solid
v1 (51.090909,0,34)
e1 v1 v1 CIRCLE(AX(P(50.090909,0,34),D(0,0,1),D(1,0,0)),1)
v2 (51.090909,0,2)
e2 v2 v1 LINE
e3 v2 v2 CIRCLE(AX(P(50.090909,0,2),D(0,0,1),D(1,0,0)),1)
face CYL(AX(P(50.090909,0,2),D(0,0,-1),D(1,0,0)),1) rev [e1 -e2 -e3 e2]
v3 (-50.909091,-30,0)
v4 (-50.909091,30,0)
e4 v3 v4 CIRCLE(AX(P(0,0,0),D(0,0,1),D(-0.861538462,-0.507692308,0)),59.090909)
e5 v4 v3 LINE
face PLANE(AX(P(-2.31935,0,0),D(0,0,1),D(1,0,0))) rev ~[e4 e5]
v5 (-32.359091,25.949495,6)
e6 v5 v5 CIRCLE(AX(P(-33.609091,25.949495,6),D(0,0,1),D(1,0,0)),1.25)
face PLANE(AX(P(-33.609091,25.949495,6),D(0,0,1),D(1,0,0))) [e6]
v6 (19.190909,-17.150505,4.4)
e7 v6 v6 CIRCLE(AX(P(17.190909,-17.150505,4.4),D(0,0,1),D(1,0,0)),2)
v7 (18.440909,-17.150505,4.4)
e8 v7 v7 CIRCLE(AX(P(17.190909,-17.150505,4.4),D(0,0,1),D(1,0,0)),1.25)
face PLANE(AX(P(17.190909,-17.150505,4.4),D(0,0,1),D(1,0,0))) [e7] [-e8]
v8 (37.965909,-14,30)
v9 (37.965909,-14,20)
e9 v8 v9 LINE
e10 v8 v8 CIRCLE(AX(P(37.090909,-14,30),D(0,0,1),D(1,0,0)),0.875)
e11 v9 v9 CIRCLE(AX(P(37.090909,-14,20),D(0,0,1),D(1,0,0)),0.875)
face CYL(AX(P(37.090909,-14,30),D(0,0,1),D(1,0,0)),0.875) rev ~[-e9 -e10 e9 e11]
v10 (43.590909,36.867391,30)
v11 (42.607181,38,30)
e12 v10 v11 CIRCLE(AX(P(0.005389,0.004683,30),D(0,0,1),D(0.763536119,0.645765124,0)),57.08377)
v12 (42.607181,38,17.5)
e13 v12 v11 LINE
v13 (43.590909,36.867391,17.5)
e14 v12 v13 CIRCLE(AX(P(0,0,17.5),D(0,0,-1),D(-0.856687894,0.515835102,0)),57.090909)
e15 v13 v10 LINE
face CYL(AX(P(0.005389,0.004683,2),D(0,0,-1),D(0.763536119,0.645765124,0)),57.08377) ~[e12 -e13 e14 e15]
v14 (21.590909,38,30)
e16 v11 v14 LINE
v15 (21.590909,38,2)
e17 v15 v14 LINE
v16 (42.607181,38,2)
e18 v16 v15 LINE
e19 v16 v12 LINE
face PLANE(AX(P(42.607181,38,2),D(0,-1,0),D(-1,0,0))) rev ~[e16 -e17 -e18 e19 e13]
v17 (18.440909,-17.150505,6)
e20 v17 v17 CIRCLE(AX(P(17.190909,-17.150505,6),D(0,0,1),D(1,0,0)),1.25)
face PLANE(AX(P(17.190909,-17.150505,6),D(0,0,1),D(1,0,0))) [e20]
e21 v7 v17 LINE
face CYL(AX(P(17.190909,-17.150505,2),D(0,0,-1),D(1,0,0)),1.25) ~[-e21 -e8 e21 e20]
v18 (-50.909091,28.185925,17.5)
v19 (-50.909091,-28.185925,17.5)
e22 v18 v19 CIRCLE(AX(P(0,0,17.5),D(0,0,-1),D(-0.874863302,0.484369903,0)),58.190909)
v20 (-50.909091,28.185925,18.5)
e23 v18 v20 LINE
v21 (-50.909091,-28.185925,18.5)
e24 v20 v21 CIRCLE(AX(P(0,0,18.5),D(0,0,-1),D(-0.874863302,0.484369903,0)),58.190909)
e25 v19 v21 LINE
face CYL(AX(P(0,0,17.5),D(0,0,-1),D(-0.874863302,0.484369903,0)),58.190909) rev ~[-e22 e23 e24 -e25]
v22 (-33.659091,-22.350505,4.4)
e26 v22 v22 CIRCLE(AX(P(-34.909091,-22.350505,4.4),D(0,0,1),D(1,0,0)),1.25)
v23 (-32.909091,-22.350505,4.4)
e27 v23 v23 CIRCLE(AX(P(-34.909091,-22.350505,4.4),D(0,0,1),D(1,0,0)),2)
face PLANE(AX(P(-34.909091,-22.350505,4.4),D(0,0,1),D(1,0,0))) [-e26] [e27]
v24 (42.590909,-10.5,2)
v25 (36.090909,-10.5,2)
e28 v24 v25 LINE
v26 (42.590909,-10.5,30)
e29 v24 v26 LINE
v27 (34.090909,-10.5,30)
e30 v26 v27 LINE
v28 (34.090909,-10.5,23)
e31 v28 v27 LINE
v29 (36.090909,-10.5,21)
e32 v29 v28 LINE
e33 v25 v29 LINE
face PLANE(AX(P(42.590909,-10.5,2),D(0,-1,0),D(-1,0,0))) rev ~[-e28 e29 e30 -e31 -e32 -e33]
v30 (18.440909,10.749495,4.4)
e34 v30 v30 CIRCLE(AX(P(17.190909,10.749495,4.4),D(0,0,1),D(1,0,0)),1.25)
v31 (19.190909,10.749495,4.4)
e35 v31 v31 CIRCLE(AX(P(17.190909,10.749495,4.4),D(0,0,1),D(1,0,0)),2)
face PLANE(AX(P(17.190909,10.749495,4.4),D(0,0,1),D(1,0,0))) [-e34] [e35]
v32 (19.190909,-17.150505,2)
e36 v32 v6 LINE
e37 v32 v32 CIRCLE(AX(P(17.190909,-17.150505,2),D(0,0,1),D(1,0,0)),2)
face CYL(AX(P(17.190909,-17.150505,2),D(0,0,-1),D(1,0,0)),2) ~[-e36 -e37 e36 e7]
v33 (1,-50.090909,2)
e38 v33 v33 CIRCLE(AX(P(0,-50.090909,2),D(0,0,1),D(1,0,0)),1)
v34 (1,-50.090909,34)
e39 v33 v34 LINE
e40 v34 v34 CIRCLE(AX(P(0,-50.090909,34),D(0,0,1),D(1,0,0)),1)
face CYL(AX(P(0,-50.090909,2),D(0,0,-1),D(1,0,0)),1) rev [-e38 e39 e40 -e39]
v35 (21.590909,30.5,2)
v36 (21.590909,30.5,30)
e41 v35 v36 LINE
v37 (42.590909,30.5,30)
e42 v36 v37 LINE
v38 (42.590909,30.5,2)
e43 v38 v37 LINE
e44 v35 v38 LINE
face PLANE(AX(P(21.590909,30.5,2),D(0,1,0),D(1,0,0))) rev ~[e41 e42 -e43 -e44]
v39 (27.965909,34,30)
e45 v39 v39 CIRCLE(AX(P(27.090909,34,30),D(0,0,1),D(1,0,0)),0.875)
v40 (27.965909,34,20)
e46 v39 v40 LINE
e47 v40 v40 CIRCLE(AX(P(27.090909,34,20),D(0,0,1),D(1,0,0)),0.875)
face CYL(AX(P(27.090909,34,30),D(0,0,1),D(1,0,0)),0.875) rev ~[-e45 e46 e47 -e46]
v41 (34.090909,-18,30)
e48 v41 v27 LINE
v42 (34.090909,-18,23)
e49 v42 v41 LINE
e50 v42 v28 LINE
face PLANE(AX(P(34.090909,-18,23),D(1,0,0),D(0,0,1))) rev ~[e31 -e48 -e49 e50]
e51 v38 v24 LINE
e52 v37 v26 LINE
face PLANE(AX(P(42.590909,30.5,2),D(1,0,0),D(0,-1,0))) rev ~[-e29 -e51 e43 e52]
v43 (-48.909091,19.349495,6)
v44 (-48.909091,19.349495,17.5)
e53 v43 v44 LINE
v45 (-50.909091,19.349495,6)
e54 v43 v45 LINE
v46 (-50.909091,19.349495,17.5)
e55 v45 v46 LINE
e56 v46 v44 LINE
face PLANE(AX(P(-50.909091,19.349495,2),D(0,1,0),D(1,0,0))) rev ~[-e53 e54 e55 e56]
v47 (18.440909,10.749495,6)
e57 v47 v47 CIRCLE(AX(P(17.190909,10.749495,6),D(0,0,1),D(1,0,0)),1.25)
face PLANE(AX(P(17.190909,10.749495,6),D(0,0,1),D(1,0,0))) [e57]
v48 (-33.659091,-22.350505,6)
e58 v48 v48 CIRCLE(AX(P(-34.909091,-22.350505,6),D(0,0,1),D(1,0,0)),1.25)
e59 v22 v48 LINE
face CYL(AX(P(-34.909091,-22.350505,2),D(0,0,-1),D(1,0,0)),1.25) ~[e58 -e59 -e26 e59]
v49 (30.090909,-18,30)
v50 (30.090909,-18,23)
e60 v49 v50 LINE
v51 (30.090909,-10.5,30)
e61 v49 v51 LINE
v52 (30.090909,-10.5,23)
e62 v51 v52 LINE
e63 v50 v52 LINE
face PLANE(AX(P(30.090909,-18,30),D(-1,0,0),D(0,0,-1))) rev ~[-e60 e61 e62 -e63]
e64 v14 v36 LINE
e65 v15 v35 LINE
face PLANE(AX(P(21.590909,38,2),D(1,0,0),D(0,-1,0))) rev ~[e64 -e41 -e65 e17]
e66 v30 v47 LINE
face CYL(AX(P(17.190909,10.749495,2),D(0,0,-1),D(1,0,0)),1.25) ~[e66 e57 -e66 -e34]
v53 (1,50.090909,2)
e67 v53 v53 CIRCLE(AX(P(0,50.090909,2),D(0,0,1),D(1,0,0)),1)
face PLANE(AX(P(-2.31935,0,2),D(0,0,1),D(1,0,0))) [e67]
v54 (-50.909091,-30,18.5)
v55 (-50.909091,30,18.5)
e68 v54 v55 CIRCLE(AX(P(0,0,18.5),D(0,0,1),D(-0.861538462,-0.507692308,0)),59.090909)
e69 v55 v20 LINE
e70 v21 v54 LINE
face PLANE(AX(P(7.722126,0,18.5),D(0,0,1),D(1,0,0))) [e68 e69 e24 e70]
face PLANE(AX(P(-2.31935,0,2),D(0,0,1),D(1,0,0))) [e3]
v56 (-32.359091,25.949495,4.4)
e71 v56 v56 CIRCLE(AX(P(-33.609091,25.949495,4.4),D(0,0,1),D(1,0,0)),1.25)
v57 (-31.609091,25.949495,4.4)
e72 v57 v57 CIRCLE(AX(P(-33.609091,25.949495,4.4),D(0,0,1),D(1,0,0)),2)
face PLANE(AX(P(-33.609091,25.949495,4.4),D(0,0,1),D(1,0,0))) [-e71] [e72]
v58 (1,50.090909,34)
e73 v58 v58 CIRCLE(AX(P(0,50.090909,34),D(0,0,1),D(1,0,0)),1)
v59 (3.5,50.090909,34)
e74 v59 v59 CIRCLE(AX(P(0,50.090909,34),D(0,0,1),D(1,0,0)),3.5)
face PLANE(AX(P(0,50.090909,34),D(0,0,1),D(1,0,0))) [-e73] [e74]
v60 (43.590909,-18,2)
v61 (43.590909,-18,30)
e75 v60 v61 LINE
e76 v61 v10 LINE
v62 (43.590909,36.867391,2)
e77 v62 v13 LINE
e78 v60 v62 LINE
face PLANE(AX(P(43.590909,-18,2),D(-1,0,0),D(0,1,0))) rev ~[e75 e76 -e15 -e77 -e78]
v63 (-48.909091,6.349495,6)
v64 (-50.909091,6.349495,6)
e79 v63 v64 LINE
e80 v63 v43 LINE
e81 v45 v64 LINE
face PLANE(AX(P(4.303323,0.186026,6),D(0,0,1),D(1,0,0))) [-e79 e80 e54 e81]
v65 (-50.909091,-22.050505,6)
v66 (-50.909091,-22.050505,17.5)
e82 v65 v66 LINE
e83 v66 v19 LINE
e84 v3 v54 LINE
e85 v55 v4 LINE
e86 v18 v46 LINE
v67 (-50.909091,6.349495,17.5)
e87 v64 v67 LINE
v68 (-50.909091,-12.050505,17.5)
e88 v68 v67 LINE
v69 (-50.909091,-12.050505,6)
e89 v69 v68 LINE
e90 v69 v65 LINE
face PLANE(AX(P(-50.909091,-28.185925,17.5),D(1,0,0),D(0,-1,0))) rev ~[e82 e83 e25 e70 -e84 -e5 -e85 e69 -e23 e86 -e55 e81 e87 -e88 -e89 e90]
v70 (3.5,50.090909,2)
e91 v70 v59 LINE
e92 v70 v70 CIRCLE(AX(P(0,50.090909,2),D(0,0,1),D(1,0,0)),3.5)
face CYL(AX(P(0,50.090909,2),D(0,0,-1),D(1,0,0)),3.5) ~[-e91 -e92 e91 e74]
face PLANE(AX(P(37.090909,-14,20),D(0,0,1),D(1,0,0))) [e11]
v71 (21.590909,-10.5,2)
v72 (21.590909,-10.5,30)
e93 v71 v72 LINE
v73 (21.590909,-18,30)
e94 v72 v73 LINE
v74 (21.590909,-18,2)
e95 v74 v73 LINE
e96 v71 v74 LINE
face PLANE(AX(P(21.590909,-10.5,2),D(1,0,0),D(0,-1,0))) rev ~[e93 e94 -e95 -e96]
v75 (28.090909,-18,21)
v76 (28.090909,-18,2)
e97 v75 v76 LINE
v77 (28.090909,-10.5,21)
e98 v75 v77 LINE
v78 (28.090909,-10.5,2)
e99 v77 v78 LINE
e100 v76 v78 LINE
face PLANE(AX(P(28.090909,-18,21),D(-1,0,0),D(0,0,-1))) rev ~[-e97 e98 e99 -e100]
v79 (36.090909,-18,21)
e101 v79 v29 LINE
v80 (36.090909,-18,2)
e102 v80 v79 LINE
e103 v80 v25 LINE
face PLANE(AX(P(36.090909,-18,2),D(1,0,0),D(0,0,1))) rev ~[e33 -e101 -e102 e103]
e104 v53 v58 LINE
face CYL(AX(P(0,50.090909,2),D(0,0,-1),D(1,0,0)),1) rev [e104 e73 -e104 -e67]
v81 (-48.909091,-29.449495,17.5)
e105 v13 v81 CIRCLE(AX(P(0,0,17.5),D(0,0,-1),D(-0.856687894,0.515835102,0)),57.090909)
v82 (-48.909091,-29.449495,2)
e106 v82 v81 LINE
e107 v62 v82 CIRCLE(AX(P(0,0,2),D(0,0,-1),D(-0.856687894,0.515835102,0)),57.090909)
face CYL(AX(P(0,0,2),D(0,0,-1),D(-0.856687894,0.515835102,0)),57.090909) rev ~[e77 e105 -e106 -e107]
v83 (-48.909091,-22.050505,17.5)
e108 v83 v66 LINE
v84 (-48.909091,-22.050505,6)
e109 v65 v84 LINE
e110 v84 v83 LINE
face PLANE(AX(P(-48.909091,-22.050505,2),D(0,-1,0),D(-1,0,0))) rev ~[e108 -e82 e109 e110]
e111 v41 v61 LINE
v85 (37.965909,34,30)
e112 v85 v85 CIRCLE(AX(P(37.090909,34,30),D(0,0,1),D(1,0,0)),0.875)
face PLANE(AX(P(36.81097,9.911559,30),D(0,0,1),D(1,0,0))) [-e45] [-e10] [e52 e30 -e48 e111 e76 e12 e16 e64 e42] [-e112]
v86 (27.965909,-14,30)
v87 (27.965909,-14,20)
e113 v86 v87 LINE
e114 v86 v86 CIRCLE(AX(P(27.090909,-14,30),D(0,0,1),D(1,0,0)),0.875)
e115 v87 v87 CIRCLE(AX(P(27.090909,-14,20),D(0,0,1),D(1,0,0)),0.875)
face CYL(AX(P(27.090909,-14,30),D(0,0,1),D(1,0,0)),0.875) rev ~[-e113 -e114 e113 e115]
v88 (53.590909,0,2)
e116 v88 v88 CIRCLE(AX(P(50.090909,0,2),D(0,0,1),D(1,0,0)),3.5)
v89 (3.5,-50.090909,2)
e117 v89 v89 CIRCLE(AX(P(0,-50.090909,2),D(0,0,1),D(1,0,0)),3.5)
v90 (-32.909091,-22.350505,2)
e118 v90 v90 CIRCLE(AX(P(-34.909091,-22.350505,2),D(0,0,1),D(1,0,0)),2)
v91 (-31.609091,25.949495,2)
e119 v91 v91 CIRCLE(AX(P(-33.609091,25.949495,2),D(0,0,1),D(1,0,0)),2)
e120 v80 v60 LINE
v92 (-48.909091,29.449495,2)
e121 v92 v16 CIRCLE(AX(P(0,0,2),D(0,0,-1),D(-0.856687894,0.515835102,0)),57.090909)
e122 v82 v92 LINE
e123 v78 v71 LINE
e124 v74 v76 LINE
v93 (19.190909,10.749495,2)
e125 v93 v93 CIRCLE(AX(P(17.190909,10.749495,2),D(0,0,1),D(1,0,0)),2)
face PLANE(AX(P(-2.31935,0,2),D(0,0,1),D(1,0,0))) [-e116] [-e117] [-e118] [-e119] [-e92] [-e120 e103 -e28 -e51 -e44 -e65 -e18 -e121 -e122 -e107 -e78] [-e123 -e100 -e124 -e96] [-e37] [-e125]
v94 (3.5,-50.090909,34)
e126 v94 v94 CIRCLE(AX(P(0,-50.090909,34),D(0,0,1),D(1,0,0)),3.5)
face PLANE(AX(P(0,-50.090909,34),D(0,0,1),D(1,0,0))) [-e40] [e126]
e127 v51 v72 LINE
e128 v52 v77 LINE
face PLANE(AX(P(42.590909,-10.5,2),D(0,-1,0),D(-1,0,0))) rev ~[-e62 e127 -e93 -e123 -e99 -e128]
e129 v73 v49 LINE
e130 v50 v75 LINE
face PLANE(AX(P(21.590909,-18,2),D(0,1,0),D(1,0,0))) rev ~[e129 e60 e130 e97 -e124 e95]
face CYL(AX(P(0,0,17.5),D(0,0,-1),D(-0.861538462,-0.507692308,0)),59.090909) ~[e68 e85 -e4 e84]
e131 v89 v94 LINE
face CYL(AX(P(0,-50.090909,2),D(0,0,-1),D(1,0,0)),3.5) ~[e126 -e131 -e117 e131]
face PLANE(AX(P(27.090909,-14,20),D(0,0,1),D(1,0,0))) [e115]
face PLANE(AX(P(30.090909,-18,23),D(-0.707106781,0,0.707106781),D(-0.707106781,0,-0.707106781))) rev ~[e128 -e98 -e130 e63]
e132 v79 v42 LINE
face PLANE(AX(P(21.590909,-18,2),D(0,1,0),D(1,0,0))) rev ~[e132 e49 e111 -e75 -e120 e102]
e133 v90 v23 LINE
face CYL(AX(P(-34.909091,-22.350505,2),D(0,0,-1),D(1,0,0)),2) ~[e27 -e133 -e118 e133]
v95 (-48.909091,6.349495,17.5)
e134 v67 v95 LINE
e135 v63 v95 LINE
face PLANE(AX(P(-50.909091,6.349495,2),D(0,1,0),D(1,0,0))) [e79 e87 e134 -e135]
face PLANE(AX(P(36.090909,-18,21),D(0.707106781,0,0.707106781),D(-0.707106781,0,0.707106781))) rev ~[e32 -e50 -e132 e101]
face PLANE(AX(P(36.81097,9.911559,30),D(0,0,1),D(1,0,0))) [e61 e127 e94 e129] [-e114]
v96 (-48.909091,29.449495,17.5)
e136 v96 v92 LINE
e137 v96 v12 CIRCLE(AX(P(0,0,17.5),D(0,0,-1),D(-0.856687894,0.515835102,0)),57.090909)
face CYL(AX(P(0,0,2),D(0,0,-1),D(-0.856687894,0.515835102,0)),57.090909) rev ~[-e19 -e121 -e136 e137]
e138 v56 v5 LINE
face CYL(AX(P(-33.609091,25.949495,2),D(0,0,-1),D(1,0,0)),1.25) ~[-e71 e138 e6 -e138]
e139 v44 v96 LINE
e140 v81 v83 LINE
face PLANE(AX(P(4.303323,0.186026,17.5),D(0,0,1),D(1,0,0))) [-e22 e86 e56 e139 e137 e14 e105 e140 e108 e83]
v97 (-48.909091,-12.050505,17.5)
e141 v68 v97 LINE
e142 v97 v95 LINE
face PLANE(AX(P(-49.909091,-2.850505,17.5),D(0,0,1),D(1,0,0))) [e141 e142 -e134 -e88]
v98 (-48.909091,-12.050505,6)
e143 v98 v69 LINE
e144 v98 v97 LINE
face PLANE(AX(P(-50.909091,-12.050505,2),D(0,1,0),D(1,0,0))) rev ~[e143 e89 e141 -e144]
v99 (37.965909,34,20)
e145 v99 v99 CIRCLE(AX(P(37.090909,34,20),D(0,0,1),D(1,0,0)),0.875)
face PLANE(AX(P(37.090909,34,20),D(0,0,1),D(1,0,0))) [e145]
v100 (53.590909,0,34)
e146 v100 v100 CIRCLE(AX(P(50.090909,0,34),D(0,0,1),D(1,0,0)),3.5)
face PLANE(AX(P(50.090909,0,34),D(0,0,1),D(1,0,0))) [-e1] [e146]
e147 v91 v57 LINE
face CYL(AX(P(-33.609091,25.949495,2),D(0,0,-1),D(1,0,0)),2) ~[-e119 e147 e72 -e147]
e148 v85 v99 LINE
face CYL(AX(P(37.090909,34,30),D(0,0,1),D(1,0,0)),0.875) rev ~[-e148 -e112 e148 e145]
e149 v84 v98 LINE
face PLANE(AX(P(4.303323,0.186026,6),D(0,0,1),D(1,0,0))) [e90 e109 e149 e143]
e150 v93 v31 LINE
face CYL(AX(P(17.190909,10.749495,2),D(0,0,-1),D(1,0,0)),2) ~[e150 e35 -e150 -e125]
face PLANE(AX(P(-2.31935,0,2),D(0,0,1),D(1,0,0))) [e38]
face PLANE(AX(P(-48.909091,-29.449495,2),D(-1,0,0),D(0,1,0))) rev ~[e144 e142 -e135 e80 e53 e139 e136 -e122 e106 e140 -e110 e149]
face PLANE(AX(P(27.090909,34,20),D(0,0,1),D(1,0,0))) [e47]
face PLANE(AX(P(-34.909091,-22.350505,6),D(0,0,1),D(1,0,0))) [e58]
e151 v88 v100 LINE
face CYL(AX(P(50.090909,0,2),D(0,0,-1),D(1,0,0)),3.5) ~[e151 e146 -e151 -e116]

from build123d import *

# Parameters (mm, degrees)
F1_DEPTH  = 2
F2_W      = 2
F2_H      = 18.4
F2_H_2    = 13
F2_H_3    = 10
F3_DEPTH  = 4
F2_R      = 1.25
F4_DEPTH  = 4
F2_R_2    = 2
F5_DEPTH  = 2.4
F6_DEPTH  = 15.5
F7_R      = 3.5
F7_R_2    = 1
F8_DEPTH  = 32
F10_DEPTH = 28
F11_R     = 0.875
F12_DEPTH = 10
F14_DEPTH = 25
F16_DEPTH = 1


with BuildPart() as f1:
    # F0 (on Top) → F1 (new body)
    with BuildSketch(Plane.XY):
        with BuildLine():
            Line((-50.909091, 30), (-50.909091, -30))
            ThreePointArc((-50.909091, -30), (59.090909, 0), (-50.909091, 30))
        make_face()
    extrude(amount=F1_DEPTH)

    # F2 (on face) → F3 (join)
    with BuildSketch(Plane.XY.offset(2)):
        with BuildLine():
            ThreePointArc((-48.909091, 29.449495), (57.090909, 0), (-48.909091, -29.449495))
            Line((-48.909091, -29.449495), (-48.909091, -22.050505))
            Line((-48.909091, -22.050505), (-50.909091, -22.050505))
            Line((-50.909091, -22.050505), (-50.909091, -30))
            ThreePointArc((-50.909091, -30), (59.090909, 0), (-50.909091, 30))
            Line((-50.909091, 30), (-50.909091, 19.349495))
            Line((-50.909091, 19.349495), (-48.909091, 19.349495))
            Line((-48.909091, 19.349495), (-48.909091, 29.449495))
        make_face()
        with Locations((-49.909091, -2.850505)):
            Rectangle(F2_W, F2_H)
        with Locations((-49.909091, 12.849495)):
            Rectangle(F2_W, F2_H_2)
        with Locations((-49.909091, -17.050505)):
            Rectangle(F2_W, F2_H_3)
    extrude(amount=F3_DEPTH)

    # F2 (on face) → F4 (join)
    with BuildSketch(Plane.XY.offset(2)):
        with Locations((-33.609091, 25.949495)):
            Circle(F2_R)
        with Locations((-34.909091, -22.350505)):
            Circle(F2_R)
        with Locations((17.190909, 10.749495)):
            Circle(F2_R)
        with Locations((17.190909, -17.150505)):
            Circle(F2_R)
    extrude(amount=F4_DEPTH)

    # F2 (on face) → F5 (join)
    with BuildSketch(Plane.XY.offset(2)):
        with Locations((-33.609091, 25.949495)):
            Circle(F2_R_2)
        with Locations((-33.609091, 25.949495)):
            Circle(F2_R, mode=Mode.SUBTRACT)
        with Locations((-34.909091, -22.350505)):
            Circle(F2_R_2)
        with Locations((-34.909091, -22.350505)):
            Circle(F2_R, mode=Mode.SUBTRACT)
        with Locations((17.190909, -17.150505)):
            Circle(F2_R_2)
        with Locations((17.190909, -17.150505)):
            Circle(F2_R, mode=Mode.SUBTRACT)
        with Locations((17.190909, 10.749495)):
            Circle(F2_R_2)
        with Locations((17.190909, 10.749495)):
            Circle(F2_R, mode=Mode.SUBTRACT)
    extrude(amount=F5_DEPTH)

    # F2 (on face) → F6 (join)
    with BuildSketch(Plane.XY.offset(2)):
        with BuildLine():
            ThreePointArc((-48.909091, 29.449495), (57.090909, 0), (-48.909091, -29.449495))
            Line((-48.909091, -29.449495), (-48.909091, -22.050505))
            Line((-48.909091, -22.050505), (-50.909091, -22.050505))
            Line((-50.909091, -22.050505), (-50.909091, -30))
            ThreePointArc((-50.909091, -30), (59.090909, 0), (-50.909091, 30))
            Line((-50.909091, 30), (-50.909091, 19.349495))
            Line((-50.909091, 19.349495), (-48.909091, 19.349495))
            Line((-48.909091, 19.349495), (-48.909091, 29.449495))
        make_face()
        with Locations((-49.909091, -2.850505)):
            Rectangle(F2_W, F2_H)
    extrude(amount=F6_DEPTH)

    # F7 (on face) → F8 (join)
    with BuildSketch(Plane.XY.offset(2)):
        with Locations((0, 50.090909)):
            Circle(F7_R)
        with Locations((0, 50.090909)):
            Circle(F7_R_2, mode=Mode.SUBTRACT)
        with Locations((50.090909, 0)):
            Circle(F7_R)
        with Locations((50.090909, 0)):
            Circle(F7_R_2, mode=Mode.SUBTRACT)
        with Locations((0, -50.090909)):
            Circle(F7_R)
        with Locations((0, -50.090909)):
            Circle(F7_R_2, mode=Mode.SUBTRACT)
    extrude(amount=F8_DEPTH)

    # F9 (on face) → F10 (join)
    with BuildSketch(Plane.XY.offset(2)):
        with BuildLine():
            Line((42.607181, 38), (21.590909, 38))
            Line((21.590909, 38), (21.590909, 30.5))
            Line((21.590909, 30.5), (42.590909, 30.5))
            Line((42.590909, 30.5), (42.590909, -10.5))
            Line((42.590909, -10.5), (21.590909, -10.5))
            Line((21.590909, -10.5), (21.590909, -18))
            Line((21.590909, -18), (43.590909, -18))
            Line((43.590909, -18), (43.590909, 36.867391))
            ThreePointArc((43.590909, 36.867391), (43.102766, 37.436927), (42.607181, 38))
        make_face()
    extrude(amount=F10_DEPTH)

    # F11 (on face) → F12 (cut)
    with BuildSketch(Plane.XY.offset(30)):
        with Locations((27.090909, 34)):
            Circle(F11_R)
        with Locations((37.090909, 34)):
            Circle(F11_R)
        with Locations((27.090909, -14)):
            Circle(F11_R)
        with Locations((37.090909, -14)):
            Circle(F11_R)
    extrude(amount=-F12_DEPTH, mode=Mode.SUBTRACT)

    # F13 (on face) → F14 (cut)
    with BuildSketch(Plane.XZ.offset(18)):
        Polygon((34.090909, 30), (30.090909, 30), (30.090909, 23), (28.090909, 21), (28.090909, 2), (36.090909, 2), (36.090909, 21), (34.090909, 23), align=None)
    extrude(amount=-F14_DEPTH, mode=Mode.SUBTRACT)

    # F15 (on face) → F16 (join)
    with BuildSketch(Plane.XY.offset(17.5)):
        with BuildLine():
            Line((-50.909091, -28.185925), (-50.909091, -30))
            ThreePointArc((-50.909091, -30), (59.090909, 0), (-50.909091, 30))
            Line((-50.909091, 30), (-50.909091, 28.185925))
            ThreePointArc((-50.909091, 28.185925), (58.190909, 0), (-50.909091, -28.185925))
        make_face()
    extrude(amount=F16_DEPTH)


solid = f1.part
